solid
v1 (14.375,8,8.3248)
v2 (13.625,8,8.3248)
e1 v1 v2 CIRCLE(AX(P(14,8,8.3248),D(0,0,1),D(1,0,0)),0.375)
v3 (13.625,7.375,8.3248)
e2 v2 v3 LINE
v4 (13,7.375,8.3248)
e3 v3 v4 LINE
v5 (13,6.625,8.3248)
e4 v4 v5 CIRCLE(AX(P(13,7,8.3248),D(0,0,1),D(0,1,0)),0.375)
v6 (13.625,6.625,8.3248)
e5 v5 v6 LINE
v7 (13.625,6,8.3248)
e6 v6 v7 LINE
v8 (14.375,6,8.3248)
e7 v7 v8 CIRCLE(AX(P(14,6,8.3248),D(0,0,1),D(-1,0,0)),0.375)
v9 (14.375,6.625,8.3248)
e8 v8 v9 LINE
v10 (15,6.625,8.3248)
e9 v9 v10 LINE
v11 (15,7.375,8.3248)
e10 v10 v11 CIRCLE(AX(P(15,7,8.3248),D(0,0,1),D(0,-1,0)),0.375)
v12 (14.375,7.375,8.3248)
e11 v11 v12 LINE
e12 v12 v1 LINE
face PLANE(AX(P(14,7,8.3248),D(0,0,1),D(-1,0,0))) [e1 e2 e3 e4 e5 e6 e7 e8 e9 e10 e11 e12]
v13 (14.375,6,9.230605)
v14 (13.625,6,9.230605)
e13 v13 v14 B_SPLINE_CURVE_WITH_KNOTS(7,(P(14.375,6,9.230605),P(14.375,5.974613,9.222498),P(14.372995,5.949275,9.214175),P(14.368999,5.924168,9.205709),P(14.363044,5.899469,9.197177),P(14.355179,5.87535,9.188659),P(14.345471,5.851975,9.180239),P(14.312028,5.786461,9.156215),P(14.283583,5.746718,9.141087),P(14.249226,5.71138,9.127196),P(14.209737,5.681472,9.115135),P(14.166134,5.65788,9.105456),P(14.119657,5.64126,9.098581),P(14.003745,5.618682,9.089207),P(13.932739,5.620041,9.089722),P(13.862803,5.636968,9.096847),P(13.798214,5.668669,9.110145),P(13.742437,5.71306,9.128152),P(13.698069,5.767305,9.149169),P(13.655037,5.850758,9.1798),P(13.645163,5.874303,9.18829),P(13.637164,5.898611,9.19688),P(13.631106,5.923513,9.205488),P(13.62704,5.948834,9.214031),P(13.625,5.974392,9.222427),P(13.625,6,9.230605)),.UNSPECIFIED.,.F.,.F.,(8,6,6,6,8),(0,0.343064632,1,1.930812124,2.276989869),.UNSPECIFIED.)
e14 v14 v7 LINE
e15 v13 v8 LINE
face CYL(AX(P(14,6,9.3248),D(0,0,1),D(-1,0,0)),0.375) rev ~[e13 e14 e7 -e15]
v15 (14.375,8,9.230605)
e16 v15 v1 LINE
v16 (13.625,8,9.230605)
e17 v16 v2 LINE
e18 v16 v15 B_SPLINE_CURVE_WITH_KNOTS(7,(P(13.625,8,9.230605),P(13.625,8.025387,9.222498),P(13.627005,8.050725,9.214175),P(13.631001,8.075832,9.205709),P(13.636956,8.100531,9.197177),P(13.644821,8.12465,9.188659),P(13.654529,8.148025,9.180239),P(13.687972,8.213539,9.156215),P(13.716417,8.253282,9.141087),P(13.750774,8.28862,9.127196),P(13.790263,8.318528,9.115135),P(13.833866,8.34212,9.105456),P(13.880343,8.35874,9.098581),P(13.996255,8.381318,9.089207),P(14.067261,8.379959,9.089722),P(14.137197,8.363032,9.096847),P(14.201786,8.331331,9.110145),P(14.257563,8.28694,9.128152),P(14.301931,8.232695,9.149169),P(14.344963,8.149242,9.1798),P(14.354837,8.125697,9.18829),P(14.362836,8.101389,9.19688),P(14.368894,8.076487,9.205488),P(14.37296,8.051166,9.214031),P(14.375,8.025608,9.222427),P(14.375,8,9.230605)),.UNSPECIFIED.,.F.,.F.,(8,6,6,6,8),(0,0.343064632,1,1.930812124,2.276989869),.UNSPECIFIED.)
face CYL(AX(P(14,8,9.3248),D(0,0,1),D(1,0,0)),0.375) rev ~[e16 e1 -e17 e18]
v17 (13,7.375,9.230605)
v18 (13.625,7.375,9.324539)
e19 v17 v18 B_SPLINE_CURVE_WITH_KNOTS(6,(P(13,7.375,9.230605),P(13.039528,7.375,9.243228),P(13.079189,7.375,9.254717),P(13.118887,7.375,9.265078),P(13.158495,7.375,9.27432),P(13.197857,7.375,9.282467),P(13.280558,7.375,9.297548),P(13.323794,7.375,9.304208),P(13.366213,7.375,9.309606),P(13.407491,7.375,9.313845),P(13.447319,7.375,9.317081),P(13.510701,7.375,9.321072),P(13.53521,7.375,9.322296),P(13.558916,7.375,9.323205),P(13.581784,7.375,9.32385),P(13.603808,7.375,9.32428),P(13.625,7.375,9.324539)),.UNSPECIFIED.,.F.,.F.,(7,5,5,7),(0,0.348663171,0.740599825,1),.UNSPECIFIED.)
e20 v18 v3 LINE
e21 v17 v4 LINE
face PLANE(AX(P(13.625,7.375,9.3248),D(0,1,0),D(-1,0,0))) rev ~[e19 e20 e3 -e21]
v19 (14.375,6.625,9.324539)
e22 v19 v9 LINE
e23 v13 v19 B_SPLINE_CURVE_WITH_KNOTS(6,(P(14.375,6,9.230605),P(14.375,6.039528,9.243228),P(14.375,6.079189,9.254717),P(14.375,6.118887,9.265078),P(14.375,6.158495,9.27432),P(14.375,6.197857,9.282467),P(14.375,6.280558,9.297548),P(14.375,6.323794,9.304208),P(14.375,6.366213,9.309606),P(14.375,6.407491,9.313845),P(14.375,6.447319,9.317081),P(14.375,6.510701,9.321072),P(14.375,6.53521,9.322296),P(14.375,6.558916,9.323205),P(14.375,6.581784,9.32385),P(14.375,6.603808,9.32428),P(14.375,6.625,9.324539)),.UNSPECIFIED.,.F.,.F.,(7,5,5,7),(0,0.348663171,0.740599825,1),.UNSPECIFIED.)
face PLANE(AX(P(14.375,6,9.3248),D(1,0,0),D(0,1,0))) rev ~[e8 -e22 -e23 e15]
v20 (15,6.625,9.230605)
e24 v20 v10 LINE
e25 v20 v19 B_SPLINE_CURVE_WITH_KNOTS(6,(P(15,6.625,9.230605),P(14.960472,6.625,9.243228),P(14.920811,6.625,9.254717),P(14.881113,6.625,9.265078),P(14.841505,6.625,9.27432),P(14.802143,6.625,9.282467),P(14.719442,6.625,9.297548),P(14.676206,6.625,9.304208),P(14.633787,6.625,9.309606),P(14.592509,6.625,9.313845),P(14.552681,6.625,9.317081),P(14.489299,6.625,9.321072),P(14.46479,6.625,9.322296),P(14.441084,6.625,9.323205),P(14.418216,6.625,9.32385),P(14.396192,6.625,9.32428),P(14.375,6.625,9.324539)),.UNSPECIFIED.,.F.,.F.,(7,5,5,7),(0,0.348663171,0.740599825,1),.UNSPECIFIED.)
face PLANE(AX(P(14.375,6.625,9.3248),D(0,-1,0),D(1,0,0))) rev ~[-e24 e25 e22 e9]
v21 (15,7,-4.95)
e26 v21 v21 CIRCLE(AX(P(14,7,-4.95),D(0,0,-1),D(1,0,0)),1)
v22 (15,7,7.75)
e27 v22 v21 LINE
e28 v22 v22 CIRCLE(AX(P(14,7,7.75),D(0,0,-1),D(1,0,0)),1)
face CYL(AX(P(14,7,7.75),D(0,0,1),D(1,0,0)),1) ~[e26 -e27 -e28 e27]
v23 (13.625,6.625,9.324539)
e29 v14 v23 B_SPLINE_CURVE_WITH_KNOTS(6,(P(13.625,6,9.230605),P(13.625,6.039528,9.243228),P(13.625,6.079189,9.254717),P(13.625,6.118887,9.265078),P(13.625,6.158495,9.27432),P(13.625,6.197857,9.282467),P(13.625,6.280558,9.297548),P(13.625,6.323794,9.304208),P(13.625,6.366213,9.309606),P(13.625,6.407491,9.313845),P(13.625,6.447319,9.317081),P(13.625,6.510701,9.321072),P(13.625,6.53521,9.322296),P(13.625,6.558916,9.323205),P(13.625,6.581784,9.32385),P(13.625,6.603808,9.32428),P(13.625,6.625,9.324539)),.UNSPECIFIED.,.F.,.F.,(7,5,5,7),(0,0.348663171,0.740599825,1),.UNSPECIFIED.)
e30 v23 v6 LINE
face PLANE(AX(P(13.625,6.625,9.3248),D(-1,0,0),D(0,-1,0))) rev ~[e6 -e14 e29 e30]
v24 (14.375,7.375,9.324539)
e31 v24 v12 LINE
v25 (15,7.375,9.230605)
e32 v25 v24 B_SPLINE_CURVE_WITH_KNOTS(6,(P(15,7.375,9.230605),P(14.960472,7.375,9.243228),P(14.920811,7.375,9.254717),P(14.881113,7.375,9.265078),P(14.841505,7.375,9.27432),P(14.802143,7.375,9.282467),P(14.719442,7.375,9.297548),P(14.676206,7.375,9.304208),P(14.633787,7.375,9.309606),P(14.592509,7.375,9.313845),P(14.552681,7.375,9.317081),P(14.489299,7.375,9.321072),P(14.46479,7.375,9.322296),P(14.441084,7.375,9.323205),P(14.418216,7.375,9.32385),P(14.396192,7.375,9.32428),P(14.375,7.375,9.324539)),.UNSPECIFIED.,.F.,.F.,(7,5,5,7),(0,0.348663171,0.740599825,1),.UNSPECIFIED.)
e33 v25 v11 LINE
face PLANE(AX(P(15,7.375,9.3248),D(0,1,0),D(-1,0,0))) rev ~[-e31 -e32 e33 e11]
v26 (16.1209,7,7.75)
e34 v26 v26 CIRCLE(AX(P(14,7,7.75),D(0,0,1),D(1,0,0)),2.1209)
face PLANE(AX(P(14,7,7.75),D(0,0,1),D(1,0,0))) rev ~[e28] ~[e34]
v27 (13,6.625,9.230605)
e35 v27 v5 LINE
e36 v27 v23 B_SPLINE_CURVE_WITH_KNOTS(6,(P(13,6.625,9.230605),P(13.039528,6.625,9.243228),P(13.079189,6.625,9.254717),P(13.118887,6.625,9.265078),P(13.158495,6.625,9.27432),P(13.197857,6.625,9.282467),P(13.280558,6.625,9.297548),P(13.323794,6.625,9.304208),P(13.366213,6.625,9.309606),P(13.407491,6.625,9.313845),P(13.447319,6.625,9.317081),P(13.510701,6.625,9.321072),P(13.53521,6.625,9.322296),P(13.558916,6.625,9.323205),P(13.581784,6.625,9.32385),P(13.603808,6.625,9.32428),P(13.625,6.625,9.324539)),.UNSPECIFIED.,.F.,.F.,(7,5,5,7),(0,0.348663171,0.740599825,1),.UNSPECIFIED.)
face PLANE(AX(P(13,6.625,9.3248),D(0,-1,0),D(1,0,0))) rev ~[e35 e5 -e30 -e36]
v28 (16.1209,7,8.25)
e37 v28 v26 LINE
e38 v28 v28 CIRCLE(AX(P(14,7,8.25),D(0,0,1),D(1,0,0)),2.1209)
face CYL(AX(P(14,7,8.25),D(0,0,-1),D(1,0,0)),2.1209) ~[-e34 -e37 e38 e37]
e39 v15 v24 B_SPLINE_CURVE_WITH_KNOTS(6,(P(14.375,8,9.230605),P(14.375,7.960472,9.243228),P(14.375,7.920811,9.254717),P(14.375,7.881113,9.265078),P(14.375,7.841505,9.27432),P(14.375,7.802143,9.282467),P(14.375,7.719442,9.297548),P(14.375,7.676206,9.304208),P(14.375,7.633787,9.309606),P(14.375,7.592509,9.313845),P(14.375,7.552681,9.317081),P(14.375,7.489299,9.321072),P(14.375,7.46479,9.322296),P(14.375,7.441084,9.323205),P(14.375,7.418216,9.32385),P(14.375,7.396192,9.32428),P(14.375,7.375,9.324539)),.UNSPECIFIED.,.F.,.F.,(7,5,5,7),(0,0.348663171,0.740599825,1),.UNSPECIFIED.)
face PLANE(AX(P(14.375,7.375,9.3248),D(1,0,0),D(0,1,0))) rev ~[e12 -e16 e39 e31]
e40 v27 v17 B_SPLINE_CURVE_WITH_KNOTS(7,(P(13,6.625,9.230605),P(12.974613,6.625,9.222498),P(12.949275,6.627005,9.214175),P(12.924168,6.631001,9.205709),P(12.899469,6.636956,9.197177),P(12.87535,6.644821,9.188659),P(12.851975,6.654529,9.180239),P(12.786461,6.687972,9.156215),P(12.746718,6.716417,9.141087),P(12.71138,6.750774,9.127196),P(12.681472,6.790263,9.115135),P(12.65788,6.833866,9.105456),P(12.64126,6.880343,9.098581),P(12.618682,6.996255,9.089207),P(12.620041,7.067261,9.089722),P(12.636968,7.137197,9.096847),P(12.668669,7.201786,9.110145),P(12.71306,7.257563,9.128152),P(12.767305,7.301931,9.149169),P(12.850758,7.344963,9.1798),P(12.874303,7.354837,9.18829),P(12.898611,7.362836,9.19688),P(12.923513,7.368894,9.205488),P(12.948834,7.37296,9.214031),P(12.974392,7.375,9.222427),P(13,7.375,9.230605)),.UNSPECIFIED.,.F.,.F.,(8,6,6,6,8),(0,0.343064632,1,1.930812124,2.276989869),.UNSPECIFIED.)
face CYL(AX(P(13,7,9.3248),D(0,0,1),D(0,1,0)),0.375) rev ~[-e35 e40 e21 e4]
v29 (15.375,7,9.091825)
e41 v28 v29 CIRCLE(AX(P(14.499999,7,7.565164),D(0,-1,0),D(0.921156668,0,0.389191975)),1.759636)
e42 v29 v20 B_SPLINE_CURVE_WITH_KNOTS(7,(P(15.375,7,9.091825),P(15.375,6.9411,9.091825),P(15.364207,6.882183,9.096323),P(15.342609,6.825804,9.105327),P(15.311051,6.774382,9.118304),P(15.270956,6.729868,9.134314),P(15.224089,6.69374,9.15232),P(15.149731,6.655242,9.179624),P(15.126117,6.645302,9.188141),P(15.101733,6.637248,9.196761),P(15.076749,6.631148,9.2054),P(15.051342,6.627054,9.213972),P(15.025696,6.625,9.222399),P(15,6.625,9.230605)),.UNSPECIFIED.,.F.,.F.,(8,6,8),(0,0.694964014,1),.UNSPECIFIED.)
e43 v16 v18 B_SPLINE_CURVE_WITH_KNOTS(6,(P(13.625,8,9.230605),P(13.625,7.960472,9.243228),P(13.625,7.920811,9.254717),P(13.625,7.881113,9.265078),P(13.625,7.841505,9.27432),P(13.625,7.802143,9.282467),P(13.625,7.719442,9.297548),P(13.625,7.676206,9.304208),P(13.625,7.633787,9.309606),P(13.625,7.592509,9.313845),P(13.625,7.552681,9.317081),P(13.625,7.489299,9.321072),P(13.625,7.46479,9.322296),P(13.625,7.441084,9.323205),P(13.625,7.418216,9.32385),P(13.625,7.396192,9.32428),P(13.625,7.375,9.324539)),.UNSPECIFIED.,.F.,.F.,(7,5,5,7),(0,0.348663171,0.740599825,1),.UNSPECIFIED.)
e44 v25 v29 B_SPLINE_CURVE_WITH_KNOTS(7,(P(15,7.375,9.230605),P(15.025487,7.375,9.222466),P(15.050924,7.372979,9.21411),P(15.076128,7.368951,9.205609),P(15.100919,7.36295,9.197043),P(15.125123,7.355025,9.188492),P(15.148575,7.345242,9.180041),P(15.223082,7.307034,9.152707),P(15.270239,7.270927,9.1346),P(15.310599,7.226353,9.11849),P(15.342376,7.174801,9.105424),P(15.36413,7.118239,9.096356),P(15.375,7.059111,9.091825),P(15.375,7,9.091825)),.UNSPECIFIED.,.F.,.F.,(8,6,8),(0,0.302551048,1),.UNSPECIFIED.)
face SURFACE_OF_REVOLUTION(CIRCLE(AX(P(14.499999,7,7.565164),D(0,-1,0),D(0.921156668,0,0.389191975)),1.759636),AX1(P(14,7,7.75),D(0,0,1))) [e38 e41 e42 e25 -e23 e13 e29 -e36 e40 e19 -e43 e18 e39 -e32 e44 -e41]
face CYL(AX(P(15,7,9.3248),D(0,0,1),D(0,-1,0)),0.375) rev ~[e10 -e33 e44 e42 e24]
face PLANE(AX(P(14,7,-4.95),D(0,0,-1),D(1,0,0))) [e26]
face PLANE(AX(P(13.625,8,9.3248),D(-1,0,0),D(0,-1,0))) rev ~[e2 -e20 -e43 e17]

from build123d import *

# Parameters (mm, degrees)
POCKET004_DEPTH = 1
SKETCH013_R     = 1
PAD005_DEPTH    = 12.7


with BuildPart() as part:
    # Sketch011 → Revolution001 (revolve)
    with BuildSketch(Plane.XZ):
        with BuildLine():
            Line((0, 0), (0, 1.5748))
            Line((0, 1.5748), (0.5, 1.5748))
            ThreePointArc((2.1209, 0.5), (1.472434, 1.281687), (0.5, 1.5748))
            Line((2.1209, 0.5), (2.1209, 0))
            Line((2.1209, 0), (0, 0))
        make_face()
    revolve(axis=Axis((0, 0, 0), (0, 0, 1)))

    # Sketch012 (on Face1 of Revolution001) → Pocket004 (cut)
    with BuildSketch(Plane(origin=(0, 0, 1.5748), x_dir=(-1, 0, 0), z_dir=(0, 0, 1))):
        with BuildLine():
            ThreePointArc((0.375, 1), (0, 1.375), (-0.375, 1))
            Line((-0.375, 1), (-0.375, 0.375))
            Line((-0.375, 0.375), (-1, 0.375))
            ThreePointArc((-1, 0.375), (-1.375, 0), (-1, -0.375))
            Line((-1, -0.375), (-0.375, -0.375))
            Line((-0.375, -0.375), (-0.375, -1))
            ThreePointArc((-0.375, -1), (0, -1.375), (0.375, -1))
            Line((0.375, -1), (0.375, -0.375))
            Line((0.375, -0.375), (1, -0.375))
            ThreePointArc((1, -0.375), (1.375, 0), (1, 0.375))
            Line((1, 0.375), (0.375, 0.375))
            Line((0.375, 0.375), (0.375, 1))
        make_face()
    extrude(amount=-POCKET004_DEPTH, mode=Mode.SUBTRACT)

    # Sketch013 (on Face16 of Pocket004) → Pad005 (join)
    with BuildSketch(Plane(origin=(0, 0, 0), x_dir=(1, 0, 0), z_dir=(0, 0, -1))):
        Circle(SKETCH013_R)
    extrude(amount=PAD005_DEPTH)


with BuildPart() as part_1:
    # Body003 placement: moved
    add(part.part.moved(Location((14, 7, 7.75))))


solid = part_1.part
